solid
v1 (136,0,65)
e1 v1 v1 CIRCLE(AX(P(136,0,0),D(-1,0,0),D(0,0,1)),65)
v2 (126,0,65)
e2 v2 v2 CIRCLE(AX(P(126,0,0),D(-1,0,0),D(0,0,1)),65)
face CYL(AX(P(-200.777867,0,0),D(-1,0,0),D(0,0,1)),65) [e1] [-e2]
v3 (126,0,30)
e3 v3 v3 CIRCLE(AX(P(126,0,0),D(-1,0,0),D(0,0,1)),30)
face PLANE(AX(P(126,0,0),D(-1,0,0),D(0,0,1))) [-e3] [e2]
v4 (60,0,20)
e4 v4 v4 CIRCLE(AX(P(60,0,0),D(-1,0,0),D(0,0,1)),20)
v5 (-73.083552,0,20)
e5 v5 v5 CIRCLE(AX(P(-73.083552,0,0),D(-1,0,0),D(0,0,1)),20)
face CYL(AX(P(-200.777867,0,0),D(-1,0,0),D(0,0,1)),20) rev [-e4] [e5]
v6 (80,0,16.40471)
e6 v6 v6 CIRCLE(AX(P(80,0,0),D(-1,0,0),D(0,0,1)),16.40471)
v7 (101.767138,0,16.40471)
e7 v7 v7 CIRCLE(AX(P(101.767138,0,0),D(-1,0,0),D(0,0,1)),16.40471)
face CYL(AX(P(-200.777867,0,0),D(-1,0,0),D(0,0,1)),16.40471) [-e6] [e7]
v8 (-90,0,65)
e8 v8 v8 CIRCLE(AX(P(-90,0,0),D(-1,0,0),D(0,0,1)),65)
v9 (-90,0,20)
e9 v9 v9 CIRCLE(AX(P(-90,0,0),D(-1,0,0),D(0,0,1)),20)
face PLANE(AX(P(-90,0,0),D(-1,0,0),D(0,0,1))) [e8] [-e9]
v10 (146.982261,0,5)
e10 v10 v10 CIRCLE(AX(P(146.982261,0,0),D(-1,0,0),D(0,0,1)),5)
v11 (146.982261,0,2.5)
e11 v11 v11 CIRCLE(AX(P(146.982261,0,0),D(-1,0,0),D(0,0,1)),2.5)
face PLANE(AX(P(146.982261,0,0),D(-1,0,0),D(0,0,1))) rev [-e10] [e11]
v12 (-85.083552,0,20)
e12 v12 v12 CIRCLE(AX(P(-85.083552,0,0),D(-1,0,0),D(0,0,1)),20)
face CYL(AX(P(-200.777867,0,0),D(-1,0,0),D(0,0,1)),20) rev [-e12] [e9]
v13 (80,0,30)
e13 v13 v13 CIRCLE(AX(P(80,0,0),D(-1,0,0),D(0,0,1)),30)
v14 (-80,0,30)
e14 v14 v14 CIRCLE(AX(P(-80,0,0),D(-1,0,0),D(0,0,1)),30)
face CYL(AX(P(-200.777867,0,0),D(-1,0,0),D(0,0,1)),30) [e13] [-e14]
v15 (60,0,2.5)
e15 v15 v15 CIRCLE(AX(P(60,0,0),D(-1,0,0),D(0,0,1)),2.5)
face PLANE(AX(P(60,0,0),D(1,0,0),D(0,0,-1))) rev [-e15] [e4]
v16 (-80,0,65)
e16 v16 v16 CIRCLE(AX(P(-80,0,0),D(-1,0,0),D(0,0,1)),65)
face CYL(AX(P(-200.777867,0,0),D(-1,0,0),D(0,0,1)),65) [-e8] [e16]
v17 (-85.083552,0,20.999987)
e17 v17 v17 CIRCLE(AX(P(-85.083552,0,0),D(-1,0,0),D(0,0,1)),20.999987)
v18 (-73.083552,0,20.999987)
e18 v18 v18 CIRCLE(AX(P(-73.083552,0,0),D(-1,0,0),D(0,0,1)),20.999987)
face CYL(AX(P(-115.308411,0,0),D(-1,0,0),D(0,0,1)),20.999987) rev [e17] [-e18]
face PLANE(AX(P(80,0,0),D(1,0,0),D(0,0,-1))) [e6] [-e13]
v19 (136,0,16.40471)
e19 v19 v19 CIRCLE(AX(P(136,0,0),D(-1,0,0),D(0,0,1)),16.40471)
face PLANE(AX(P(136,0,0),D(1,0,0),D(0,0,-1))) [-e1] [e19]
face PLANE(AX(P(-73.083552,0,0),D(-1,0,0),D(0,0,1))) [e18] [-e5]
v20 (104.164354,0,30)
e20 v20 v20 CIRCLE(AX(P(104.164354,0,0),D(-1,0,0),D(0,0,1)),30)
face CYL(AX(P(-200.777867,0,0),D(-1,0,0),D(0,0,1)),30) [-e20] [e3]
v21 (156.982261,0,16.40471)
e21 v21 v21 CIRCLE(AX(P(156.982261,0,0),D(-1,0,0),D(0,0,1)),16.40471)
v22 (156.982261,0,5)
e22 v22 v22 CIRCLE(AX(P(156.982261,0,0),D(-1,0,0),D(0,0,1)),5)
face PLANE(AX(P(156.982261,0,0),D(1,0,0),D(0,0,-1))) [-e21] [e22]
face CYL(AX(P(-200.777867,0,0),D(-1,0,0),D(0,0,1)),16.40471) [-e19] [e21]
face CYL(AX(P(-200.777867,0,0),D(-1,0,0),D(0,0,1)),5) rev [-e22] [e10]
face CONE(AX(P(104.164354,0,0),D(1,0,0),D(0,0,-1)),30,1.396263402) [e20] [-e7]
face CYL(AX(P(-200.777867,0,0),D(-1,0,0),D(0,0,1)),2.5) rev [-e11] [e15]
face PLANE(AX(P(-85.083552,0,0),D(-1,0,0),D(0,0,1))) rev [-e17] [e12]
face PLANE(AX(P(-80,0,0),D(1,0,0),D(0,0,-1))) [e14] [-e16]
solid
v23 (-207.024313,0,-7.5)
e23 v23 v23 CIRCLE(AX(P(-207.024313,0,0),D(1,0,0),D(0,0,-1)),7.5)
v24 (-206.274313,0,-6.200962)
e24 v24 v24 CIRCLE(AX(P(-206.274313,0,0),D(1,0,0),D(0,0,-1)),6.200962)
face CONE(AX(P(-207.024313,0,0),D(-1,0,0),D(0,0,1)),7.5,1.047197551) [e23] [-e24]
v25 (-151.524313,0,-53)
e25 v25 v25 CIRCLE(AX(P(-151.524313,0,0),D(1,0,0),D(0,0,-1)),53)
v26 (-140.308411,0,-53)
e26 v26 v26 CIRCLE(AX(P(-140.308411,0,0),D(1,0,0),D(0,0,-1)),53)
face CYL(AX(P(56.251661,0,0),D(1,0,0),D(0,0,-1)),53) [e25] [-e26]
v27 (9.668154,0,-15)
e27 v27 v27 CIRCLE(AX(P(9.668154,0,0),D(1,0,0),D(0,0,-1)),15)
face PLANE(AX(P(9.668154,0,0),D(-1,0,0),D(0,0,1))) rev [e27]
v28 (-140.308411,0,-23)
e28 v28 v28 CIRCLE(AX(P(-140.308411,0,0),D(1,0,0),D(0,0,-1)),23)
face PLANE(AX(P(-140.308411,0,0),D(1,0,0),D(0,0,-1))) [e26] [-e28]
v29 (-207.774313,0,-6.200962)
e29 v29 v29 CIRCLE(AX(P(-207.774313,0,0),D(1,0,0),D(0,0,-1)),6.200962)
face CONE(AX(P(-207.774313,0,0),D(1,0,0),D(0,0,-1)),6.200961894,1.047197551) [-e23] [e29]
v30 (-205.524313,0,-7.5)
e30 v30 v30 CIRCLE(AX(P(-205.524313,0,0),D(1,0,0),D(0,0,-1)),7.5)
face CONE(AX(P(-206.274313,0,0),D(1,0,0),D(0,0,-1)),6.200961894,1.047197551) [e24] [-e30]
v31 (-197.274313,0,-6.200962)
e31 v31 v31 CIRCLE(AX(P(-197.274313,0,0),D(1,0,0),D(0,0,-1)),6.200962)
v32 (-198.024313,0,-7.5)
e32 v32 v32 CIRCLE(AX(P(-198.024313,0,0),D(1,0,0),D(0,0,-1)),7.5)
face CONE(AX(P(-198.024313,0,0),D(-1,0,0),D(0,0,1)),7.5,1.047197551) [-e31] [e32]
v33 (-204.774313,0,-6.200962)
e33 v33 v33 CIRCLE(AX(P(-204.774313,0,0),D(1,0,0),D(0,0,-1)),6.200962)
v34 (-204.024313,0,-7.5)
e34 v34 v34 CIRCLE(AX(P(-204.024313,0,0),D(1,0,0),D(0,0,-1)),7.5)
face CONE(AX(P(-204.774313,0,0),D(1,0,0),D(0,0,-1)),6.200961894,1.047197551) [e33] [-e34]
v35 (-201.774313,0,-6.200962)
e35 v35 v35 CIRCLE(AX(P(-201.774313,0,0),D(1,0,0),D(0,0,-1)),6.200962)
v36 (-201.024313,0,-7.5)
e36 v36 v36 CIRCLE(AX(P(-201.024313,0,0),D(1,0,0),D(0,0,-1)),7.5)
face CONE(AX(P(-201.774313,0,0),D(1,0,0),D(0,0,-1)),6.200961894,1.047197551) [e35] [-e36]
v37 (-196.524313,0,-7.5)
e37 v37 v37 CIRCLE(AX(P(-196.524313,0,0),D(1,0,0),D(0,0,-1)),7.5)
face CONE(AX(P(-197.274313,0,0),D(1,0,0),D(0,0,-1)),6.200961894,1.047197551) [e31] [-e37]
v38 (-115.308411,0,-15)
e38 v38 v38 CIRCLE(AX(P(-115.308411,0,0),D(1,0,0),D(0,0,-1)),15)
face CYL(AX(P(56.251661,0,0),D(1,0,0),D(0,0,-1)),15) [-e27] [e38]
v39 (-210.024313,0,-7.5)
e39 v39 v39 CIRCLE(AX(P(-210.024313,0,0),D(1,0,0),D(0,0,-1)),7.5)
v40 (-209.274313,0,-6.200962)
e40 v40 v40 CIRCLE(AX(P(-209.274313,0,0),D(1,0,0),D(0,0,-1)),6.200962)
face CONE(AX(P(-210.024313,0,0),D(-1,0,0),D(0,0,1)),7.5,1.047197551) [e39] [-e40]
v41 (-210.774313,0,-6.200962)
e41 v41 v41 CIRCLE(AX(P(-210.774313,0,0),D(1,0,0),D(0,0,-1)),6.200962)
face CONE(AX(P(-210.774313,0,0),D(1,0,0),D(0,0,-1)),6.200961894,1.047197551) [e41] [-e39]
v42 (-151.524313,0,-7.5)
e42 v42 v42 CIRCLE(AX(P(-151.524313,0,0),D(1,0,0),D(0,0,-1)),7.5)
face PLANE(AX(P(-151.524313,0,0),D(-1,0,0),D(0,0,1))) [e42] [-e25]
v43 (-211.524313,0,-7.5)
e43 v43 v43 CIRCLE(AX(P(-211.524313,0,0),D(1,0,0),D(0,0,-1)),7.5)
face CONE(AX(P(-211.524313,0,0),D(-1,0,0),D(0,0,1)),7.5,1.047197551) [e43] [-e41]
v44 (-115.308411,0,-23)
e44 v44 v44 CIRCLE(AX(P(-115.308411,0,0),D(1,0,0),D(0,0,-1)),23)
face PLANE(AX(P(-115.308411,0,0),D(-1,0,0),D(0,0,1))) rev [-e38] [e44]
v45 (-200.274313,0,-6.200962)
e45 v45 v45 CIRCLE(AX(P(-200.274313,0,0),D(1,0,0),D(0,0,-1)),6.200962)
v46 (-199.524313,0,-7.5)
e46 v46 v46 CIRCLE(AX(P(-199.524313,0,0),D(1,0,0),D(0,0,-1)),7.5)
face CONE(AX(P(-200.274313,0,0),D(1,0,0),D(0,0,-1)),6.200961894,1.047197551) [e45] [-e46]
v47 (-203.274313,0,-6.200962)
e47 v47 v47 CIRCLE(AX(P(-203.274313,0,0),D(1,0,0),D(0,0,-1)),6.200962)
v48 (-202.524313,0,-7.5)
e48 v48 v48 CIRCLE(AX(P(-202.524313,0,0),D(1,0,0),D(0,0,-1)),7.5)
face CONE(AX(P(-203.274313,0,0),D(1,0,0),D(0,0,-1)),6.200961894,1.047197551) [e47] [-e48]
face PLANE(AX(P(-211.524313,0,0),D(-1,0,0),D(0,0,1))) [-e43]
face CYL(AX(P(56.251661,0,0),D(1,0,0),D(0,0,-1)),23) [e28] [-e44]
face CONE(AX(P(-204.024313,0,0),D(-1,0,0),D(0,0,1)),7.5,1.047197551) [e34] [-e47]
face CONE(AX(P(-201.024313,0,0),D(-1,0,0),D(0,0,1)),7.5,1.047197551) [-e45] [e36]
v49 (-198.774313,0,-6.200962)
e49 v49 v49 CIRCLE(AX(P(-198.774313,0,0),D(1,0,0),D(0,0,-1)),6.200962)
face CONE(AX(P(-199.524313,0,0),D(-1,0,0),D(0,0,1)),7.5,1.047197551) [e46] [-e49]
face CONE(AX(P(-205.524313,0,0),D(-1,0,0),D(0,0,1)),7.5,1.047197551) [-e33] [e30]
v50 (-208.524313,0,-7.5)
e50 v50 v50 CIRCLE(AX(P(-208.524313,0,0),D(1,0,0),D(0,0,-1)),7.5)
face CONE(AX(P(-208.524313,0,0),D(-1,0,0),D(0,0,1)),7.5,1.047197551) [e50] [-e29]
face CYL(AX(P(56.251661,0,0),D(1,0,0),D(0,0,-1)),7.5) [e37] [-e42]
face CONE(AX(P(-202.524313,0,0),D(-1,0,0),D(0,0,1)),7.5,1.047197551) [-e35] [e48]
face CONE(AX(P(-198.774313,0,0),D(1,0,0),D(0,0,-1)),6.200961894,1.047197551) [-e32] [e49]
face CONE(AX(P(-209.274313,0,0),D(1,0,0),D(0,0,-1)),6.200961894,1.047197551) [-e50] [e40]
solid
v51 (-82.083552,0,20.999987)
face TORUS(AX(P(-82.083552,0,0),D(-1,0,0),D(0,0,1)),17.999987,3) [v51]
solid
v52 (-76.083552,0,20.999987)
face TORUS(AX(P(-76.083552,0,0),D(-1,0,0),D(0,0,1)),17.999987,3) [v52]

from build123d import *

# Parameters (mm, degrees)
IZIM14_3_W = 12
IZIM14_3_H = 3
IZIM14_4_R = 3


with BuildPart() as part:
    # Çizim1 → Döndür1 (revolve)
    with BuildSketch(Plane.XY):
        Polygon((-80, 65), (-90, 65), (-90, 20), (-85, 20), (-85, 21.5), (-75, 21.5), (-75, 20), (60, 20), (60, 2.5), (146.982260797, 2.5), (146.982260797, 5), (156.982260797, 5), (156.982260797, 16.404709691), (136, 16.404709691), (136, 65), (126, 65), (126, 30), (104.164354306, 30), (101.767137814, 16.404709691), (80, 16.404709691), (80, 30), (-80, 30), align=None)
    revolve(axis=Axis((-200.777867174, 0, 0), (1, 0, 0)))

    # Çizim14 → Döndür3 (revolve)
    with BuildSketch(Plane.XY):
        Polygon((-85.083552442, 21.610379823), (-85.083552442, 20.999986544), (-82.083552442, 20.999986544), (-76.083552442, 20.999986544), (-75, 20.999986544), (-74.527654889, 20.999986544), (-74.527654889, 21.610379823), align=None)
    revolve(axis=Axis((56.251661195, 0, 0), (1, 0, 0)))

    # Çizim14<3> → Kes-Döndür1 (revolve, cut)
    with BuildSketch(Plane.XY):
        with Locations((-79.083552442, 19.499986544)):
            Rectangle(IZIM14_3_W, IZIM14_3_H)
    revolve(axis=Axis((56.251661195, 0, 0), (1, 0, 0)), mode=Mode.SUBTRACT)


with BuildPart() as body_2:
    # Çizim10 → Döndür2 (revolve)
    with BuildSketch(Plane.XY):
        Polygon((9.668154457, 0), (9.668154457, 15), (-115.308411432, 15), (-115.308411432, 23), (-140.308411432, 23), (-140.308411432, 53), (-151.52431256, 53), (-151.52431256, 7.5), (-196.52431256, 7.5), (-197.27431256, 6.200961894), (-198.02431256, 7.5), (-198.77431256, 6.200961894), (-199.52431256, 7.5), (-200.27431256, 6.200961894), (-201.02431256, 7.5), (-201.77431256, 6.200961894), (-202.52431256, 7.5), (-203.27431256, 6.200961894), (-204.02431256, 7.5), (-204.77431256, 6.200961894), (-205.52431256, 7.5), (-206.27431256, 6.200961894), (-207.02431256, 7.5), (-207.77431256, 6.200961894), (-208.52431256, 7.5), (-209.27431256, 6.200961894), (-210.02431256, 7.5), (-210.77431256, 6.200961894), (-211.52431256, 7.5), (-211.52431256, 0), align=None)
    revolve(axis=Axis((56.251661195, 0, 0), (-1, 0, 0)))


with BuildPart() as body_3:
    # Çizim14<4> → Döndür4 (revolve)
    with BuildSketch(Plane.XY):
        with Locations((-82.083552442, 17.999986544)):
            Circle(IZIM14_4_R)
        with Locations((-76.083552442, 17.999986544)):
            Circle(IZIM14_4_R)
    revolve(axis=Axis((56.251661195, 0, 0), (1, 0, 0)))


solid = Compound([part.part, body_2.part, body_3.part])
